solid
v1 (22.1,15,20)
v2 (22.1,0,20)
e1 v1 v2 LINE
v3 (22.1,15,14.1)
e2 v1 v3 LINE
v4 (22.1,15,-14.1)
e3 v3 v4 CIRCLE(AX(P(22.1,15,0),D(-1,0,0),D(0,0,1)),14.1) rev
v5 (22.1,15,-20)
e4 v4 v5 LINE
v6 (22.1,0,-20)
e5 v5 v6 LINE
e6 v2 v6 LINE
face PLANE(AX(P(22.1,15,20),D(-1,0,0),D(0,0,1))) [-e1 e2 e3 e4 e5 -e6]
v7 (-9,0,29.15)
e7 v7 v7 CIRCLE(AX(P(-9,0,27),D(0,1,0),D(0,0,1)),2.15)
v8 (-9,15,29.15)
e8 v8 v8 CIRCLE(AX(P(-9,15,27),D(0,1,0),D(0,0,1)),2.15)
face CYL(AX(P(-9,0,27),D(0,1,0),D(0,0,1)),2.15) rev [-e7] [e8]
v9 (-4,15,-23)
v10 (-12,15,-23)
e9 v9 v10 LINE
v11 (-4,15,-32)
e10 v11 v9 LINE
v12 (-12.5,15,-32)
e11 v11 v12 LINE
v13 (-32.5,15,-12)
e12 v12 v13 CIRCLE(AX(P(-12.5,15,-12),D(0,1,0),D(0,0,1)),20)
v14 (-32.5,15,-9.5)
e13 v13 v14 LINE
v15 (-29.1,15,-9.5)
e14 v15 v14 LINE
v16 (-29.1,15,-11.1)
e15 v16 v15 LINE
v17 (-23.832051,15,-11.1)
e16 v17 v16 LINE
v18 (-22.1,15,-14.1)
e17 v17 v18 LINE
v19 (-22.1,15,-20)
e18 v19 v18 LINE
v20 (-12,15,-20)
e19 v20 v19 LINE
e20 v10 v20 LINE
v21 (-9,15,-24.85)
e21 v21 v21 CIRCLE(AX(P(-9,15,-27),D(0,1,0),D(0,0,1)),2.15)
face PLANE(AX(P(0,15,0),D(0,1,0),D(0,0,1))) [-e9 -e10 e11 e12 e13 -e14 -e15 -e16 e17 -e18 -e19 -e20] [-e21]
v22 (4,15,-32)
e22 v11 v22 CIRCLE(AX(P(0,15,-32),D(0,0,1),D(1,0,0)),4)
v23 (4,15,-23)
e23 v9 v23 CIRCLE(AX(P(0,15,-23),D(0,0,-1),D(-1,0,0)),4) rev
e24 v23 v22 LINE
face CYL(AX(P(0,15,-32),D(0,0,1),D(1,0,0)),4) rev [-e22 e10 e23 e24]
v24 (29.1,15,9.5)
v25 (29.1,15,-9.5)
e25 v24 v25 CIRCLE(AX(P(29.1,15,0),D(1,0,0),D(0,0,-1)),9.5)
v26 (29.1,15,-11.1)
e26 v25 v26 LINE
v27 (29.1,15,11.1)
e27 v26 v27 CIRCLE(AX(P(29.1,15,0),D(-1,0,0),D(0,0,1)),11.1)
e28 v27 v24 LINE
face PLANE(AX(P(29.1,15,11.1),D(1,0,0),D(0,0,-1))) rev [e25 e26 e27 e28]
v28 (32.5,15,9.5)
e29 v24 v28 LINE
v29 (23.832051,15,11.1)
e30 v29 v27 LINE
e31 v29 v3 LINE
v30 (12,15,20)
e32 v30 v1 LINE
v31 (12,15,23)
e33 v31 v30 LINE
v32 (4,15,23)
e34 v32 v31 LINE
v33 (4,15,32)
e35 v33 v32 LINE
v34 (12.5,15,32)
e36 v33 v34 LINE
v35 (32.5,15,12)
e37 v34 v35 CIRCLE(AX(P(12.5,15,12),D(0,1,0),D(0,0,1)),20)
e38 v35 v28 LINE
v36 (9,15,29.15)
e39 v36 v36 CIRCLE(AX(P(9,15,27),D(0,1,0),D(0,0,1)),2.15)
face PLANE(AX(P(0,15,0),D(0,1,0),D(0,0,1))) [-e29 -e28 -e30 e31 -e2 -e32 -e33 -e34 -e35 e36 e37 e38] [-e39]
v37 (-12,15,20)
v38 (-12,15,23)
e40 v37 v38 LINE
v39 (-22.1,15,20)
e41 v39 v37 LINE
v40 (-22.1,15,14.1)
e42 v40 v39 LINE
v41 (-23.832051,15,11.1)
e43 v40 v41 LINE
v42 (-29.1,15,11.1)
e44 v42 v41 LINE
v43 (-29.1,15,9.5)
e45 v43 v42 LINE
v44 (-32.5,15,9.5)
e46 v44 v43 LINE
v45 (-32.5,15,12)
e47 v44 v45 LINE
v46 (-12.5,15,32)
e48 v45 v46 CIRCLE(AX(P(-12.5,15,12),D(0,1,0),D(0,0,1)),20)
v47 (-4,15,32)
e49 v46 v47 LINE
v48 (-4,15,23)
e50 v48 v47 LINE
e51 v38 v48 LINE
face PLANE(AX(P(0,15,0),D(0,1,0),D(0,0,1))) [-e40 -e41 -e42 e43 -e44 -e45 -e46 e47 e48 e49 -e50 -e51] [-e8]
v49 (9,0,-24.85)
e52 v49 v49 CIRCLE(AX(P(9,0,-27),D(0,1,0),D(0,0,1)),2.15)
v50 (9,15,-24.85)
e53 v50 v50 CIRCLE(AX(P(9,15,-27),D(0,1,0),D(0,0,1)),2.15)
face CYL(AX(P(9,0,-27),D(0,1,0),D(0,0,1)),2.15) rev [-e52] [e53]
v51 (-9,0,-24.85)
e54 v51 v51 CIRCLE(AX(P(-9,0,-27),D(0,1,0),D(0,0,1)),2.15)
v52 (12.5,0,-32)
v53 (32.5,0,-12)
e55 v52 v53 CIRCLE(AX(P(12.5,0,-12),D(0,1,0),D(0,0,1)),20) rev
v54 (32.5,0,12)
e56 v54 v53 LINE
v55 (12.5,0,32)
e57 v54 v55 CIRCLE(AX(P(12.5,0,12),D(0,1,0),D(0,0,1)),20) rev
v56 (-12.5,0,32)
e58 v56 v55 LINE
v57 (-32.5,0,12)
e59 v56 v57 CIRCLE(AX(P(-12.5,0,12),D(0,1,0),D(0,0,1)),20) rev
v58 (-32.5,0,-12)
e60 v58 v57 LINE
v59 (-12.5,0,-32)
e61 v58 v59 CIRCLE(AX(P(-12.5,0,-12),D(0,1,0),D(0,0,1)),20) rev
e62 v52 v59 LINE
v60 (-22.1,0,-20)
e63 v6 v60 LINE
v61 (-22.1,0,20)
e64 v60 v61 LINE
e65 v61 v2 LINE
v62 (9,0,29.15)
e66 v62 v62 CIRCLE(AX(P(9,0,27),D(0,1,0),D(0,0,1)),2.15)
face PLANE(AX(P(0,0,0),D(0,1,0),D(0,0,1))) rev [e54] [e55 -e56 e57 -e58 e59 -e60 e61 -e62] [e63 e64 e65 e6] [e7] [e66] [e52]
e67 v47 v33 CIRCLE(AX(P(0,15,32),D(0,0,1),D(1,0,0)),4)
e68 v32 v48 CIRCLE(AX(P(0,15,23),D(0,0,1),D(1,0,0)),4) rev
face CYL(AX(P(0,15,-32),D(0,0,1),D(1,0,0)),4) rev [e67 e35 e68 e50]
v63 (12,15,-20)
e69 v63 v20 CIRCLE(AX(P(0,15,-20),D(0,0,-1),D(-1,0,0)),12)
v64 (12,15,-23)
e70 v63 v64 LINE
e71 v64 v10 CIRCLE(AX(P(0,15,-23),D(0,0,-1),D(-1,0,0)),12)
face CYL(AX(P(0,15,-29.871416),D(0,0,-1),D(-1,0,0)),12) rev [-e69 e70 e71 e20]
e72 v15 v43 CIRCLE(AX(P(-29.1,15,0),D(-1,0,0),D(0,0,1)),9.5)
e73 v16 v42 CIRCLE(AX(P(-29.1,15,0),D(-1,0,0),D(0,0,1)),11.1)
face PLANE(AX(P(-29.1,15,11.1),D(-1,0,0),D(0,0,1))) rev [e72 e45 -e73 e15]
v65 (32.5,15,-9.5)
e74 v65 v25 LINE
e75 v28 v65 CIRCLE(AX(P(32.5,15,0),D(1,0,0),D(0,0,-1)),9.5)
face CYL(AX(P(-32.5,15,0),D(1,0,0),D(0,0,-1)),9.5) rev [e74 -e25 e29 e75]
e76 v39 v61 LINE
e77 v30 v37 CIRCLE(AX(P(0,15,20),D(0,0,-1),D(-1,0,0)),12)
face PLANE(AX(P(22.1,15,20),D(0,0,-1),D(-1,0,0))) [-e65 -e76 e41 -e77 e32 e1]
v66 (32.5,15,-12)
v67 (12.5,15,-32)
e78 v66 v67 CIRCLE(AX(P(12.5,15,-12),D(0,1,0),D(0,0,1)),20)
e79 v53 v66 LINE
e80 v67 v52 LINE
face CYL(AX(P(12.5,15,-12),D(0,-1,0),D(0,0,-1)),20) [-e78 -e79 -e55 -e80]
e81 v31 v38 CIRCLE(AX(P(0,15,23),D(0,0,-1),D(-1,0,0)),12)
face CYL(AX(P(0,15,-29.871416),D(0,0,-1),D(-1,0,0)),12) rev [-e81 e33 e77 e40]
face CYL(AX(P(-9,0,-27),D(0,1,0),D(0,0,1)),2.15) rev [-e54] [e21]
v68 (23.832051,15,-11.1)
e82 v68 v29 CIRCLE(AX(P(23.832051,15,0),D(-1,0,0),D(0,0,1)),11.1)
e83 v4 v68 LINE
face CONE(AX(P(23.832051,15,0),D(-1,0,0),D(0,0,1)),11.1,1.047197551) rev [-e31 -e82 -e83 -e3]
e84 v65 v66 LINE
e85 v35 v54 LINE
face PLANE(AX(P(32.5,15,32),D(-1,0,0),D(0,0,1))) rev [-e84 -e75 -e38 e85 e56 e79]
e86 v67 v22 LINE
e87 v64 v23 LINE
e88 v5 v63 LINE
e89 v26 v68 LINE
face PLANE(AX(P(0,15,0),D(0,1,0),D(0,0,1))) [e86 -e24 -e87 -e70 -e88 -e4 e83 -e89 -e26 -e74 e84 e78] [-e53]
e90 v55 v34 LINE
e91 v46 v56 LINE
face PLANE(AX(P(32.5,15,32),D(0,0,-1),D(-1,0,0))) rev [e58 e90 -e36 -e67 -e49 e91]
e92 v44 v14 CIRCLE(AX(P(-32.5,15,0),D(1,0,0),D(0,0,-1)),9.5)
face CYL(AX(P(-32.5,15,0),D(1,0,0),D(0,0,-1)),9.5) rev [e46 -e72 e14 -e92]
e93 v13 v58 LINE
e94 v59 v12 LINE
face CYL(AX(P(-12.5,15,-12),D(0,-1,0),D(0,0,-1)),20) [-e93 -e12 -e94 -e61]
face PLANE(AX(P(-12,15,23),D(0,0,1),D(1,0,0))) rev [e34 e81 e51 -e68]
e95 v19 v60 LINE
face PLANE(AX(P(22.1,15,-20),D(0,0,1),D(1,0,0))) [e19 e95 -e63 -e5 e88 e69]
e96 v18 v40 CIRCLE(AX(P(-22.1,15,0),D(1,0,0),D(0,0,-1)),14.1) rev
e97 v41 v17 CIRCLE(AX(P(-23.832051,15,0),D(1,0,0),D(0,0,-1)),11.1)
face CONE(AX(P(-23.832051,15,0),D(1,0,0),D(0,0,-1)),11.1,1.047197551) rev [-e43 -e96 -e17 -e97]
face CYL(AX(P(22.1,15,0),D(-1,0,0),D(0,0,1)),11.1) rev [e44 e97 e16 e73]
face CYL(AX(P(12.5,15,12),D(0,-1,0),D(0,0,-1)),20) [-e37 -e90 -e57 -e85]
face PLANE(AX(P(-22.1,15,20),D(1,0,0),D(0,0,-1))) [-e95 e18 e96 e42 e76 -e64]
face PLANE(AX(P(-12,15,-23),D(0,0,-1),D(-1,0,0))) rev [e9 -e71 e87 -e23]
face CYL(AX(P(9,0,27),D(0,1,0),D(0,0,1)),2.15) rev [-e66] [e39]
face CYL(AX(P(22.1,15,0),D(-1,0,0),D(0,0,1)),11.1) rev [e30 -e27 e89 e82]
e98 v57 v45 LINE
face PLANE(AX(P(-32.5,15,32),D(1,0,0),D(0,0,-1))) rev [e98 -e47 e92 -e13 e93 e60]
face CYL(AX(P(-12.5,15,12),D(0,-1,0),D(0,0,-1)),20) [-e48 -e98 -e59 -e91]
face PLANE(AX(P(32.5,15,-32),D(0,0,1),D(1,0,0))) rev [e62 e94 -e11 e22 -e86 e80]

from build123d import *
from OCP.BRepFilletAPI import BRepFilletAPI_MakeChamfer

# Parameters (mm, degrees)
SKETCH1_W           = 65
SKETCH1_H           = 64
SKETCH1_W_2         = 44.2
SKETCH1_H_2         = 40
BOSS_EXTRUDE1_DEPTH = 15
SKETCH3_W           = 7
SKETCH3_H           = 11.1
SKETCH4_R           = 9.5
CUT_EXTRUDE2_DEPTH  = 74.986485252
SKETCH5_R           = 4
CUT_EXTRUDE3_DEPTH  = 74.32973476
SKETCH8_R           = 2.15
CUT_EXTRUDE6_DEPTH  = 49.013019068
FILLET1_R           = 20
CHAMFER1_SIZE       = 3
CHAMFER1_SIZE2      = 1.732050808
SKETCH9_W           = 12
SKETCH9_H           = 3


with BuildPart() as part:
    # Sketch1 → Boss-Extrude1 (new body)
    with BuildSketch(Plane(origin=(0, 0, 0), x_dir=(1, 0, 0), z_dir=(0, 1, 0))):
        Rectangle(SKETCH1_W, SKETCH1_H)
        Rectangle(SKETCH1_W_2, SKETCH1_H_2, mode=Mode.SUBTRACT)
    extrude(amount=BOSS_EXTRUDE1_DEPTH)

    # Sketch3 → Cut-Revolve1 (revolve, cut)
    with BuildSketch(Plane(origin=(0, 15, 0), x_dir=(1, 0, 0), z_dir=(0, 1, 0))):
        with Locations((25.6, -5.55)):
            Rectangle(SKETCH3_W, SKETCH3_H)
        with Locations((-25.6, -5.55)):
            Rectangle(SKETCH3_W, SKETCH3_H)
    revolve(axis=Axis((22.1, 15, 0), (1, 0, 0)), mode=Mode.SUBTRACT)

    # Sketch4 → Cut-Extrude2 (cut, through all)
    with BuildSketch(Plane(origin=(32.5, 0, 0), x_dir=(0, 0, -1), z_dir=(1, 0, 0))):
        with Locations((0, 15)):
            Circle(SKETCH4_R)
    extrude(amount=-CUT_EXTRUDE2_DEPTH, mode=Mode.SUBTRACT)

    # Sketch5 → Cut-Extrude3 (cut, through all)
    with BuildSketch(Plane.XY.offset(32)):
        with Locations((0, 15)):
            Circle(SKETCH5_R)
    extrude(amount=-CUT_EXTRUDE3_DEPTH, mode=Mode.SUBTRACT)

    # Sketch8 → Cut-Extrude6 (cut, through all)
    with BuildSketch(Plane(origin=(0, 15, 0), x_dir=(1, 0, 0), z_dir=(0, 1, 0))):
        with Locations((18, 16.5)):
            Circle(SKETCH8_R)
        with Locations((18, -16.5)):
            Circle(SKETCH8_R)
        with Locations((-18, -16.5)):
            Circle(SKETCH8_R)
        with Locations((-18, 16.5)):
            Circle(SKETCH8_R)
        with Locations(Location((9, -27, 0), (0, 0, 270))):
            Circle(SKETCH8_R)
        with Locations(Location((-9, -27, 0), (0, 0, 270))):
            Circle(SKETCH8_R)
        with Locations(Location((-9, 27, 0), (0, 0, 270))):
            Circle(SKETCH8_R)
        with Locations(Location((9, 27, 0), (0, 0, 270))):
            Circle(SKETCH8_R)
    extrude(amount=-CUT_EXTRUDE6_DEPTH, mode=Mode.SUBTRACT)

    # Fillet1
    fillet1_edges = [part.edges().sort_by_distance(p)[0] for p in [
        (-32.5, 7.5, -32),
        (32.5, 7.5, -32),
        (32.5, 7.5, 32),
        (-32.5, 7.5, 32),
    ]]
    fillet(fillet1_edges, radius=FILLET1_R)

    # Chamfer1: one chamfer whose edges measure the first distance from different faces: ONE call of the kernel's chamfer builder (chamfer() names one face for all edges)
    chamfer1_edges_1 = [part.edges().sort_by_distance(p)[0] for p in [
        (22.1, 3.9, 0),
    ]]
    chamfer1_side_1 = [part.faces().sort_by_distance(p)[0] for p in [
        (22.1, 0.427200187, 0),
    ]]
    chamfer1_edges_2 = [part.edges().sort_by_distance(p)[0] for p in [
        (-22.1, 3.9, 0),
    ]]
    chamfer1_side_2 = [part.faces().sort_by_distance(p)[0] for p in [
        (-22.1, 0.427200187, 0),
    ]]
    chamfer1 = BRepFilletAPI_MakeChamfer(part.part.solid().wrapped)
    for e in chamfer1_edges_1:
        chamfer1.Add(CHAMFER1_SIZE, CHAMFER1_SIZE2, e.wrapped, chamfer1_side_1[0].wrapped)  # the first distance lies on this face
    for e in chamfer1_edges_2:
        chamfer1.Add(CHAMFER1_SIZE, CHAMFER1_SIZE2, e.wrapped, chamfer1_side_2[0].wrapped)  # the first distance lies on this face
    add(Compound.cast(chamfer1.Shape()), mode=Mode.REPLACE)

    # Sketch9 → Cut-Revolve2 (revolve, cut)
    with BuildSketch(Plane(origin=(0, 15, 0), x_dir=(1, 0, 0), z_dir=(0, 1, 0))):
        with Locations((-6, -21.5)):
            Rectangle(SKETCH9_W, SKETCH9_H)
        with Locations((-6, 21.5)):
            Rectangle(SKETCH9_W, SKETCH9_H)
    revolve(axis=Axis((0, 15, -29.871415895), (0, 0, 1)), mode=Mode.SUBTRACT)


solid = part.part
